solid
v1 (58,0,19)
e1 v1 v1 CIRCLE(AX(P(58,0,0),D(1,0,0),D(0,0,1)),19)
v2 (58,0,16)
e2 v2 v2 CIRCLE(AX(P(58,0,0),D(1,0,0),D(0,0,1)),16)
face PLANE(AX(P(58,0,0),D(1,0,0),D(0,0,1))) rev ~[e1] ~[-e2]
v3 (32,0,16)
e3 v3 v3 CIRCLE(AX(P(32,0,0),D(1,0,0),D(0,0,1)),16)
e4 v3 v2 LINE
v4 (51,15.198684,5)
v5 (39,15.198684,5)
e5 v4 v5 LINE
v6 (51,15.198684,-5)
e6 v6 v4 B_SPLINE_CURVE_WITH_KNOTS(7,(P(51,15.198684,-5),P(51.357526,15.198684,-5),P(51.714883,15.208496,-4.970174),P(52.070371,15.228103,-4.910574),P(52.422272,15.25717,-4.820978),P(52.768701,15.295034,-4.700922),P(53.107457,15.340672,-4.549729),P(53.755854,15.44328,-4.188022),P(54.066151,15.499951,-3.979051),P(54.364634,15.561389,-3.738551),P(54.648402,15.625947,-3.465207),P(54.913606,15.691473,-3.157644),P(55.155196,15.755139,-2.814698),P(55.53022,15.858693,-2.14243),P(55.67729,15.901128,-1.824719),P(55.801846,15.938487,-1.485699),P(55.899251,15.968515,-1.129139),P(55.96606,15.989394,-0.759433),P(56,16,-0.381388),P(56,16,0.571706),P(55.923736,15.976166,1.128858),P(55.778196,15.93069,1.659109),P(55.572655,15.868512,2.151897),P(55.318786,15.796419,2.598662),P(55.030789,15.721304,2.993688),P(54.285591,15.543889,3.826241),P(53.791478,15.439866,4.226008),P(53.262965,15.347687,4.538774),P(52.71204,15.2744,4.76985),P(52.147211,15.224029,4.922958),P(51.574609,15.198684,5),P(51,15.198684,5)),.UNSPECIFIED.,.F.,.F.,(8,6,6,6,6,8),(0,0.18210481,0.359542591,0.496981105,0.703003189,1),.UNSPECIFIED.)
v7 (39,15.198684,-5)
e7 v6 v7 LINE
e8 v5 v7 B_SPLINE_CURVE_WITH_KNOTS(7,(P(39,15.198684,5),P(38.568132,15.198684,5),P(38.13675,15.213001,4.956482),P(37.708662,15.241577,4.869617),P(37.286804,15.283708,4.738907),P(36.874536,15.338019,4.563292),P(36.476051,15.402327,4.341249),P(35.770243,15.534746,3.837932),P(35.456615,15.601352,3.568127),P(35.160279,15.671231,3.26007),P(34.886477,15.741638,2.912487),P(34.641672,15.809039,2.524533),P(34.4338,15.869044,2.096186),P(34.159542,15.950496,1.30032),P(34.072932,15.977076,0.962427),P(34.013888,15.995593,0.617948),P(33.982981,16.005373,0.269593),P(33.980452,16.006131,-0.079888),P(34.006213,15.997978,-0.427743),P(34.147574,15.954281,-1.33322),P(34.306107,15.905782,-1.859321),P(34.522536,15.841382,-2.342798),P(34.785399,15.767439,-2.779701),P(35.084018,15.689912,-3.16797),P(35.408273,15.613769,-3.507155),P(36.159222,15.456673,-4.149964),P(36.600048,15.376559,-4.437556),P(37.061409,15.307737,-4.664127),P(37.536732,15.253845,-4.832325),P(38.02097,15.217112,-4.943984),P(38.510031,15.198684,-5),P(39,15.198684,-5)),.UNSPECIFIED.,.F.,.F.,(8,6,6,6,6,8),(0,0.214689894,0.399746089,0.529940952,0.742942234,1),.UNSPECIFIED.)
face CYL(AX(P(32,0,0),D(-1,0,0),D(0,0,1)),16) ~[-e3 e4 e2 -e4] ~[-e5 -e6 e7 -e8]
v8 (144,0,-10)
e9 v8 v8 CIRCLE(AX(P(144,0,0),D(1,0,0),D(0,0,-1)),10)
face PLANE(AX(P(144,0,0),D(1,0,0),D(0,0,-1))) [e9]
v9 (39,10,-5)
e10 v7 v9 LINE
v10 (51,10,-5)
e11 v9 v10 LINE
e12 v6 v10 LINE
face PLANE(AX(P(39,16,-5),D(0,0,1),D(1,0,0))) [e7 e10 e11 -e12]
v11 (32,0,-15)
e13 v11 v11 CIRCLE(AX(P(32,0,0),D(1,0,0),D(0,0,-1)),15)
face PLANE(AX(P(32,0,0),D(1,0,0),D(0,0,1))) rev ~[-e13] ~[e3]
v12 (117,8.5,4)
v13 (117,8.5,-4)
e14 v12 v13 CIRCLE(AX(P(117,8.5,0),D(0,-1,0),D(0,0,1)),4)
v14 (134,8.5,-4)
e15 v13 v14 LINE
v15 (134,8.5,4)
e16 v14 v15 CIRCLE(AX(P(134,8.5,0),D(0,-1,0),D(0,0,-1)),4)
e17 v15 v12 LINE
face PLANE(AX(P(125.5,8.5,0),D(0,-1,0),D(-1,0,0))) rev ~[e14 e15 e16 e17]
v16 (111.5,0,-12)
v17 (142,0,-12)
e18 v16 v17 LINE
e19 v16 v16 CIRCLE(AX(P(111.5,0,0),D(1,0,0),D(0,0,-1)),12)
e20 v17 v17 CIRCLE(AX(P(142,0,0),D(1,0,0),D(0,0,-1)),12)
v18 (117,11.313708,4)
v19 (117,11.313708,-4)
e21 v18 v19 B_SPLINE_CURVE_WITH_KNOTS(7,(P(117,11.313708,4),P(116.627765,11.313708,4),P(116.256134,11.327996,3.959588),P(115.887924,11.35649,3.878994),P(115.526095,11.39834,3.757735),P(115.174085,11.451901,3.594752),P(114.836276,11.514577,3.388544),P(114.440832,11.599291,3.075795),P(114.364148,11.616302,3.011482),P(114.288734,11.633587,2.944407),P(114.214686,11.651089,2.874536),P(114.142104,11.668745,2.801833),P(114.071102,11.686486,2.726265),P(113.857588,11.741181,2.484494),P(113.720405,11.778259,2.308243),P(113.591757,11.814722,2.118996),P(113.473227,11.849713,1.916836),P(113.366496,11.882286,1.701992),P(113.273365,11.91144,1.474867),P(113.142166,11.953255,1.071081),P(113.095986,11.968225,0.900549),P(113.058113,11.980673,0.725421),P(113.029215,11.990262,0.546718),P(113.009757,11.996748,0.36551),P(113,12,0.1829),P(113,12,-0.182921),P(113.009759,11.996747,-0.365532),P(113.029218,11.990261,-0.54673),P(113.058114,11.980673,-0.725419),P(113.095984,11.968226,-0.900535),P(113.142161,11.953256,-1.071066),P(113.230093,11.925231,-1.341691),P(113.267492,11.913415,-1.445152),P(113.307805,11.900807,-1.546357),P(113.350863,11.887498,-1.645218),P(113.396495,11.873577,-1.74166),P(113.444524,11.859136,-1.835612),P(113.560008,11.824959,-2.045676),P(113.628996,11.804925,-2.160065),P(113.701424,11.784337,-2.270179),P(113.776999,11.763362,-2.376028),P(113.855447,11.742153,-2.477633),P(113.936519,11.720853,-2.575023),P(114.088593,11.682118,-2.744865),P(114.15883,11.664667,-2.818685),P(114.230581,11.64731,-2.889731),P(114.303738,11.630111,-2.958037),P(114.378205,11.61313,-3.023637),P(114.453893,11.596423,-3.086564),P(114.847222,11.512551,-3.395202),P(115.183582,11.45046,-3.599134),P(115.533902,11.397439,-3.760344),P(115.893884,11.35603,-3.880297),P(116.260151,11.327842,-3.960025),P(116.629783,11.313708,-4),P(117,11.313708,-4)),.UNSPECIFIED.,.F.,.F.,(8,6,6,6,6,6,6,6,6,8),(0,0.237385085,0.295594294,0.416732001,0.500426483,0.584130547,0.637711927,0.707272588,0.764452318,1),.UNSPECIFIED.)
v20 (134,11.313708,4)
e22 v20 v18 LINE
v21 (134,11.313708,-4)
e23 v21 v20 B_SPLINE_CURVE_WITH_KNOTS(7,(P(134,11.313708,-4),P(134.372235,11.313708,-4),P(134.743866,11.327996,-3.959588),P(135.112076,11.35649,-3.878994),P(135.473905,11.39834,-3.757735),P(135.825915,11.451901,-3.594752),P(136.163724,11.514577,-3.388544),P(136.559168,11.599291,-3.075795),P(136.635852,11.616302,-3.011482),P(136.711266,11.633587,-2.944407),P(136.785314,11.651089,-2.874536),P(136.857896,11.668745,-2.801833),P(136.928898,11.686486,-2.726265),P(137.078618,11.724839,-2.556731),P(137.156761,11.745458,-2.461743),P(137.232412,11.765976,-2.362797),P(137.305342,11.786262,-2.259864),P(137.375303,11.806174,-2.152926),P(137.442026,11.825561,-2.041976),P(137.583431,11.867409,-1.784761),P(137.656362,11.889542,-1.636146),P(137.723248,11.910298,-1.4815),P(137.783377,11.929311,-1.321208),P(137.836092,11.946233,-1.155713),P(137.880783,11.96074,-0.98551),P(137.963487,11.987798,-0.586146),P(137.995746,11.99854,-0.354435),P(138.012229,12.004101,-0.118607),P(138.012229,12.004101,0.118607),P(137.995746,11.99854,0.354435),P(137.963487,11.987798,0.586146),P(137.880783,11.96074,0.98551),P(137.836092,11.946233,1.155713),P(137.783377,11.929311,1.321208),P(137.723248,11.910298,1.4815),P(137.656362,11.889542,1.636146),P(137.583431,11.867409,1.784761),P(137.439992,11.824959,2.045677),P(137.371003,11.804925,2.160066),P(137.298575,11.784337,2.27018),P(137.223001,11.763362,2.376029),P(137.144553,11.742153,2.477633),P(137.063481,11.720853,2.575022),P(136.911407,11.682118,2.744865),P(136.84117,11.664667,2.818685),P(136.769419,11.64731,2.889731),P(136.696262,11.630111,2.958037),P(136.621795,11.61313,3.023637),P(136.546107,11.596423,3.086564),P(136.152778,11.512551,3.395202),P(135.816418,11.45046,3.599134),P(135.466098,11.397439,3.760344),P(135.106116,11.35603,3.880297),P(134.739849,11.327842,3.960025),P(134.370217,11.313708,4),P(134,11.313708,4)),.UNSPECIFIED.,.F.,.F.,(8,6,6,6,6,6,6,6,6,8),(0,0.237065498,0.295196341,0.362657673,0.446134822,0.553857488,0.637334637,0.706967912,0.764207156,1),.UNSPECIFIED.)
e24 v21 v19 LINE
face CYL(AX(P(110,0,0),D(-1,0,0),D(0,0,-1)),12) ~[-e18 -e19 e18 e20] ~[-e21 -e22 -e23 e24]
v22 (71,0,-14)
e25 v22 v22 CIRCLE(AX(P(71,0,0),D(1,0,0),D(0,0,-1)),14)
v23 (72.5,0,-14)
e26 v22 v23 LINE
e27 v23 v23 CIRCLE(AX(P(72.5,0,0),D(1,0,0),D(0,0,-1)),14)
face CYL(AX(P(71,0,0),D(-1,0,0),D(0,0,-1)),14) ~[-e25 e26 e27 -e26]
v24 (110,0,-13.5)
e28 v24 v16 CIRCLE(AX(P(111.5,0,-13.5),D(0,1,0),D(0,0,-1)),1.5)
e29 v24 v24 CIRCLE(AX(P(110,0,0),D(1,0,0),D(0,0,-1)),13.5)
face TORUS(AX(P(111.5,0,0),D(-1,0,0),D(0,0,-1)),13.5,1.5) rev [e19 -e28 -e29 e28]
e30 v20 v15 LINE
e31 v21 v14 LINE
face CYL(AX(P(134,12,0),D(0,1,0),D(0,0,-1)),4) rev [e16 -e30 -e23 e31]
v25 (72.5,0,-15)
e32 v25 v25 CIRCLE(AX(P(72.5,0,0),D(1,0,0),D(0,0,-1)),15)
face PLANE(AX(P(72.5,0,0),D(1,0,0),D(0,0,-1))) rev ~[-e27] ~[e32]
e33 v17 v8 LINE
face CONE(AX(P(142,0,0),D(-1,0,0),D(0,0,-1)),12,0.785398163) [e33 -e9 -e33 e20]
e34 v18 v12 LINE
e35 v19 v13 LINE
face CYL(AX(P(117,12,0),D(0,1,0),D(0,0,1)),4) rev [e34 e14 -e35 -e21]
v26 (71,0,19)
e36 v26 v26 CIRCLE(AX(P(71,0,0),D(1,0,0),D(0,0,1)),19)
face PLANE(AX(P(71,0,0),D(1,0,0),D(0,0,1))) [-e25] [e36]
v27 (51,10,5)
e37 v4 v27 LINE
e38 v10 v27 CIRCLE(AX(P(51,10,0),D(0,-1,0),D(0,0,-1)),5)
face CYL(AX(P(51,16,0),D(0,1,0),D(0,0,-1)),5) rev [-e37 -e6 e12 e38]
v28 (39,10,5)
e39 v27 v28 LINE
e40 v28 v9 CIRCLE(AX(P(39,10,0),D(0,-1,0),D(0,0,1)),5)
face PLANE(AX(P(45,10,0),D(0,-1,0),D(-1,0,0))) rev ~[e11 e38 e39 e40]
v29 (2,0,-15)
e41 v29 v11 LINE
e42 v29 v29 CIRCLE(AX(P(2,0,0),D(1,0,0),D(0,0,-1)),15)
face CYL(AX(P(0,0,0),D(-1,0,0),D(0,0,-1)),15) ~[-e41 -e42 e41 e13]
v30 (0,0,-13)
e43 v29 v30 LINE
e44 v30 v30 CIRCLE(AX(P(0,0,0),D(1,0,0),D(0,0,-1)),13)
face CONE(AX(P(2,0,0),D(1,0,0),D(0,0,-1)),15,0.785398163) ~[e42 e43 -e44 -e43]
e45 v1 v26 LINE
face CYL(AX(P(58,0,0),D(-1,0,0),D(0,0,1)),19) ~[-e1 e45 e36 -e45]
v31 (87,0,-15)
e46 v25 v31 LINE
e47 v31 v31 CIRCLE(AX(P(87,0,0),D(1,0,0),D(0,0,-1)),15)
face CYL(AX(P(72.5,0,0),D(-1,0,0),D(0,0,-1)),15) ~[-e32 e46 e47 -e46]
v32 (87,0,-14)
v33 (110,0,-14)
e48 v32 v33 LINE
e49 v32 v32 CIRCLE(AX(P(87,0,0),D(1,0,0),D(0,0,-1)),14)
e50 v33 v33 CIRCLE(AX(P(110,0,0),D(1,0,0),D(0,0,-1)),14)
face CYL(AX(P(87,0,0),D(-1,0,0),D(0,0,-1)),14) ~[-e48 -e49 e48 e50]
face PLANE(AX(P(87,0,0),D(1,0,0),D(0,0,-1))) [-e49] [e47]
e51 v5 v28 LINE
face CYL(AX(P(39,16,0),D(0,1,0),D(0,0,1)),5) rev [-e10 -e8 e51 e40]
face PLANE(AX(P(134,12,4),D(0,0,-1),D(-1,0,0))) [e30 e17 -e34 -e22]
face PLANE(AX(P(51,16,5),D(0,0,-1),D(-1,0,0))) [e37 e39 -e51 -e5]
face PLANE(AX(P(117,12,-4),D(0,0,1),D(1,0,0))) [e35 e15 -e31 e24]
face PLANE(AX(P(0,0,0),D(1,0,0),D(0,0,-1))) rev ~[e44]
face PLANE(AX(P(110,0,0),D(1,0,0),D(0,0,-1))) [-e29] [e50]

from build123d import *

# Parameters (mm, degrees)
SKETCH_1_R          = 15
EXTRUDE_1_DEPTH     = 32
CHAMFER_1_SIZE      = 2
SKETCH_2_R          = 16
EXTRUDE_2_DEPTH     = 26
SKETCH_3_R          = 19
EXTRUDE_3_DEPTH     = 13
SKETCH_4_R          = 14
EXTRUDE_4_DEPTH     = 1.5
SKETCH_5_R          = 15
EXTRUDE_5_DEPTH     = 14.5
SKETCH_6_R          = 14
EXTRUDE_6_DEPTH     = 23
SKETCH_7_R          = 12
EXTRUDE_7_DEPTH     = 34
FILLET_1_R          = 1.5
CHAMFER_2_SIZE      = 2
CUT_EXTRUDE_START   = 16
CUT_EXTRUDE_1_DEPTH = 6
CUT_EXTRUDE_START_2 = 12
CUT_EXTRUDE_2_DEPTH = 3.5


with BuildPart() as part:
    # 草图1 → 凸台-拉伸1 (new body)
    with BuildSketch(Plane(origin=(0, 0, 0), x_dir=(0, 0, -1), z_dir=(1, 0, 0))):
        Circle(SKETCH_1_R)
    extrude(amount=EXTRUDE_1_DEPTH)

    # 倒角1
    chamfer_1_edges = [part.edges().sort_by_distance(p)[0] for p in [
        (0, 0, 15),
    ]]
    chamfer(chamfer_1_edges, length=CHAMFER_1_SIZE)

    # 草图2 → 凸台-拉伸2 (add)
    with BuildSketch(Plane(origin=(32, 0, 0), x_dir=(0, 0, -1), z_dir=(1, 0, 0))):
        Circle(SKETCH_2_R)
    extrude(amount=EXTRUDE_2_DEPTH)

    # 草图3 → 凸台-拉伸3 (add)
    with BuildSketch(Plane(origin=(58, 0, 0), x_dir=(0, 0, -1), z_dir=(1, 0, 0))):
        Circle(SKETCH_3_R)
    extrude(amount=EXTRUDE_3_DEPTH)

    # 草图4 → 凸台-拉伸4 (add)
    with BuildSketch(Plane(origin=(71, 0, 0), x_dir=(0, 0, -1), z_dir=(1, 0, 0))):
        Circle(SKETCH_4_R)
    extrude(amount=EXTRUDE_4_DEPTH)

    # 草图5 → 凸台-拉伸5 (add)
    with BuildSketch(Plane(origin=(72.5, 0, 0), x_dir=(0, 0, -1), z_dir=(1, 0, 0))):
        Circle(SKETCH_5_R)
    extrude(amount=EXTRUDE_5_DEPTH)

    # 草图6 → 凸台-拉伸6 (add)
    with BuildSketch(Plane(origin=(87, 0, 0), x_dir=(0, 0, -1), z_dir=(1, 0, 0))):
        Circle(SKETCH_6_R)
    extrude(amount=EXTRUDE_6_DEPTH)

    # 草图7 → 凸台-拉伸7 (add)
    with BuildSketch(Plane(origin=(110, 0, 0), x_dir=(0, 0, -1), z_dir=(1, 0, 0))):
        Circle(SKETCH_7_R)
    extrude(amount=EXTRUDE_7_DEPTH)

    # 圆角1
    fillet_1_edges = [part.edges().sort_by_distance(p)[0] for p in [
        (110, 0, 12),
    ]]
    fillet(fillet_1_edges, radius=FILLET_1_R)

    # 倒角2
    chamfer_2_edges = [part.edges().sort_by_distance(p)[0] for p in [
        (144, 0, 12),
    ]]
    chamfer(chamfer_2_edges, length=CHAMFER_2_SIZE)

    # 草图8 → 切除-拉伸1 (cut)
    with BuildSketch(Plane(origin=(0, 0, 0), x_dir=(1, 0, 0), z_dir=(0, 1, 0)).offset(CUT_EXTRUDE_START)):
        with BuildLine():
            Line((39, 5), (51, 5))
            ThreePointArc((51, 5), (56, 0), (51, -5))
            Line((51, -5), (39, -5))
            ThreePointArc((39, -5), (34, 0), (39, 5))
        make_face()
    extrude(amount=-CUT_EXTRUDE_1_DEPTH, mode=Mode.SUBTRACT)

    # 草图9 → 切除-拉伸2 (cut)
    with BuildSketch(Plane(origin=(0, 0, 0), x_dir=(1, 0, 0), z_dir=(0, 1, 0)).offset(CUT_EXTRUDE_START_2)):
        with BuildLine():
            Line((117, 4), (134, 4))
            ThreePointArc((134, 4), (138, 0), (134, -4))
            Line((134, -4), (117, -4))
            ThreePointArc((117, -4), (113, 0), (117, 4))
        make_face()
    extrude(amount=-CUT_EXTRUDE_2_DEPTH, mode=Mode.SUBTRACT)


solid = part.part
